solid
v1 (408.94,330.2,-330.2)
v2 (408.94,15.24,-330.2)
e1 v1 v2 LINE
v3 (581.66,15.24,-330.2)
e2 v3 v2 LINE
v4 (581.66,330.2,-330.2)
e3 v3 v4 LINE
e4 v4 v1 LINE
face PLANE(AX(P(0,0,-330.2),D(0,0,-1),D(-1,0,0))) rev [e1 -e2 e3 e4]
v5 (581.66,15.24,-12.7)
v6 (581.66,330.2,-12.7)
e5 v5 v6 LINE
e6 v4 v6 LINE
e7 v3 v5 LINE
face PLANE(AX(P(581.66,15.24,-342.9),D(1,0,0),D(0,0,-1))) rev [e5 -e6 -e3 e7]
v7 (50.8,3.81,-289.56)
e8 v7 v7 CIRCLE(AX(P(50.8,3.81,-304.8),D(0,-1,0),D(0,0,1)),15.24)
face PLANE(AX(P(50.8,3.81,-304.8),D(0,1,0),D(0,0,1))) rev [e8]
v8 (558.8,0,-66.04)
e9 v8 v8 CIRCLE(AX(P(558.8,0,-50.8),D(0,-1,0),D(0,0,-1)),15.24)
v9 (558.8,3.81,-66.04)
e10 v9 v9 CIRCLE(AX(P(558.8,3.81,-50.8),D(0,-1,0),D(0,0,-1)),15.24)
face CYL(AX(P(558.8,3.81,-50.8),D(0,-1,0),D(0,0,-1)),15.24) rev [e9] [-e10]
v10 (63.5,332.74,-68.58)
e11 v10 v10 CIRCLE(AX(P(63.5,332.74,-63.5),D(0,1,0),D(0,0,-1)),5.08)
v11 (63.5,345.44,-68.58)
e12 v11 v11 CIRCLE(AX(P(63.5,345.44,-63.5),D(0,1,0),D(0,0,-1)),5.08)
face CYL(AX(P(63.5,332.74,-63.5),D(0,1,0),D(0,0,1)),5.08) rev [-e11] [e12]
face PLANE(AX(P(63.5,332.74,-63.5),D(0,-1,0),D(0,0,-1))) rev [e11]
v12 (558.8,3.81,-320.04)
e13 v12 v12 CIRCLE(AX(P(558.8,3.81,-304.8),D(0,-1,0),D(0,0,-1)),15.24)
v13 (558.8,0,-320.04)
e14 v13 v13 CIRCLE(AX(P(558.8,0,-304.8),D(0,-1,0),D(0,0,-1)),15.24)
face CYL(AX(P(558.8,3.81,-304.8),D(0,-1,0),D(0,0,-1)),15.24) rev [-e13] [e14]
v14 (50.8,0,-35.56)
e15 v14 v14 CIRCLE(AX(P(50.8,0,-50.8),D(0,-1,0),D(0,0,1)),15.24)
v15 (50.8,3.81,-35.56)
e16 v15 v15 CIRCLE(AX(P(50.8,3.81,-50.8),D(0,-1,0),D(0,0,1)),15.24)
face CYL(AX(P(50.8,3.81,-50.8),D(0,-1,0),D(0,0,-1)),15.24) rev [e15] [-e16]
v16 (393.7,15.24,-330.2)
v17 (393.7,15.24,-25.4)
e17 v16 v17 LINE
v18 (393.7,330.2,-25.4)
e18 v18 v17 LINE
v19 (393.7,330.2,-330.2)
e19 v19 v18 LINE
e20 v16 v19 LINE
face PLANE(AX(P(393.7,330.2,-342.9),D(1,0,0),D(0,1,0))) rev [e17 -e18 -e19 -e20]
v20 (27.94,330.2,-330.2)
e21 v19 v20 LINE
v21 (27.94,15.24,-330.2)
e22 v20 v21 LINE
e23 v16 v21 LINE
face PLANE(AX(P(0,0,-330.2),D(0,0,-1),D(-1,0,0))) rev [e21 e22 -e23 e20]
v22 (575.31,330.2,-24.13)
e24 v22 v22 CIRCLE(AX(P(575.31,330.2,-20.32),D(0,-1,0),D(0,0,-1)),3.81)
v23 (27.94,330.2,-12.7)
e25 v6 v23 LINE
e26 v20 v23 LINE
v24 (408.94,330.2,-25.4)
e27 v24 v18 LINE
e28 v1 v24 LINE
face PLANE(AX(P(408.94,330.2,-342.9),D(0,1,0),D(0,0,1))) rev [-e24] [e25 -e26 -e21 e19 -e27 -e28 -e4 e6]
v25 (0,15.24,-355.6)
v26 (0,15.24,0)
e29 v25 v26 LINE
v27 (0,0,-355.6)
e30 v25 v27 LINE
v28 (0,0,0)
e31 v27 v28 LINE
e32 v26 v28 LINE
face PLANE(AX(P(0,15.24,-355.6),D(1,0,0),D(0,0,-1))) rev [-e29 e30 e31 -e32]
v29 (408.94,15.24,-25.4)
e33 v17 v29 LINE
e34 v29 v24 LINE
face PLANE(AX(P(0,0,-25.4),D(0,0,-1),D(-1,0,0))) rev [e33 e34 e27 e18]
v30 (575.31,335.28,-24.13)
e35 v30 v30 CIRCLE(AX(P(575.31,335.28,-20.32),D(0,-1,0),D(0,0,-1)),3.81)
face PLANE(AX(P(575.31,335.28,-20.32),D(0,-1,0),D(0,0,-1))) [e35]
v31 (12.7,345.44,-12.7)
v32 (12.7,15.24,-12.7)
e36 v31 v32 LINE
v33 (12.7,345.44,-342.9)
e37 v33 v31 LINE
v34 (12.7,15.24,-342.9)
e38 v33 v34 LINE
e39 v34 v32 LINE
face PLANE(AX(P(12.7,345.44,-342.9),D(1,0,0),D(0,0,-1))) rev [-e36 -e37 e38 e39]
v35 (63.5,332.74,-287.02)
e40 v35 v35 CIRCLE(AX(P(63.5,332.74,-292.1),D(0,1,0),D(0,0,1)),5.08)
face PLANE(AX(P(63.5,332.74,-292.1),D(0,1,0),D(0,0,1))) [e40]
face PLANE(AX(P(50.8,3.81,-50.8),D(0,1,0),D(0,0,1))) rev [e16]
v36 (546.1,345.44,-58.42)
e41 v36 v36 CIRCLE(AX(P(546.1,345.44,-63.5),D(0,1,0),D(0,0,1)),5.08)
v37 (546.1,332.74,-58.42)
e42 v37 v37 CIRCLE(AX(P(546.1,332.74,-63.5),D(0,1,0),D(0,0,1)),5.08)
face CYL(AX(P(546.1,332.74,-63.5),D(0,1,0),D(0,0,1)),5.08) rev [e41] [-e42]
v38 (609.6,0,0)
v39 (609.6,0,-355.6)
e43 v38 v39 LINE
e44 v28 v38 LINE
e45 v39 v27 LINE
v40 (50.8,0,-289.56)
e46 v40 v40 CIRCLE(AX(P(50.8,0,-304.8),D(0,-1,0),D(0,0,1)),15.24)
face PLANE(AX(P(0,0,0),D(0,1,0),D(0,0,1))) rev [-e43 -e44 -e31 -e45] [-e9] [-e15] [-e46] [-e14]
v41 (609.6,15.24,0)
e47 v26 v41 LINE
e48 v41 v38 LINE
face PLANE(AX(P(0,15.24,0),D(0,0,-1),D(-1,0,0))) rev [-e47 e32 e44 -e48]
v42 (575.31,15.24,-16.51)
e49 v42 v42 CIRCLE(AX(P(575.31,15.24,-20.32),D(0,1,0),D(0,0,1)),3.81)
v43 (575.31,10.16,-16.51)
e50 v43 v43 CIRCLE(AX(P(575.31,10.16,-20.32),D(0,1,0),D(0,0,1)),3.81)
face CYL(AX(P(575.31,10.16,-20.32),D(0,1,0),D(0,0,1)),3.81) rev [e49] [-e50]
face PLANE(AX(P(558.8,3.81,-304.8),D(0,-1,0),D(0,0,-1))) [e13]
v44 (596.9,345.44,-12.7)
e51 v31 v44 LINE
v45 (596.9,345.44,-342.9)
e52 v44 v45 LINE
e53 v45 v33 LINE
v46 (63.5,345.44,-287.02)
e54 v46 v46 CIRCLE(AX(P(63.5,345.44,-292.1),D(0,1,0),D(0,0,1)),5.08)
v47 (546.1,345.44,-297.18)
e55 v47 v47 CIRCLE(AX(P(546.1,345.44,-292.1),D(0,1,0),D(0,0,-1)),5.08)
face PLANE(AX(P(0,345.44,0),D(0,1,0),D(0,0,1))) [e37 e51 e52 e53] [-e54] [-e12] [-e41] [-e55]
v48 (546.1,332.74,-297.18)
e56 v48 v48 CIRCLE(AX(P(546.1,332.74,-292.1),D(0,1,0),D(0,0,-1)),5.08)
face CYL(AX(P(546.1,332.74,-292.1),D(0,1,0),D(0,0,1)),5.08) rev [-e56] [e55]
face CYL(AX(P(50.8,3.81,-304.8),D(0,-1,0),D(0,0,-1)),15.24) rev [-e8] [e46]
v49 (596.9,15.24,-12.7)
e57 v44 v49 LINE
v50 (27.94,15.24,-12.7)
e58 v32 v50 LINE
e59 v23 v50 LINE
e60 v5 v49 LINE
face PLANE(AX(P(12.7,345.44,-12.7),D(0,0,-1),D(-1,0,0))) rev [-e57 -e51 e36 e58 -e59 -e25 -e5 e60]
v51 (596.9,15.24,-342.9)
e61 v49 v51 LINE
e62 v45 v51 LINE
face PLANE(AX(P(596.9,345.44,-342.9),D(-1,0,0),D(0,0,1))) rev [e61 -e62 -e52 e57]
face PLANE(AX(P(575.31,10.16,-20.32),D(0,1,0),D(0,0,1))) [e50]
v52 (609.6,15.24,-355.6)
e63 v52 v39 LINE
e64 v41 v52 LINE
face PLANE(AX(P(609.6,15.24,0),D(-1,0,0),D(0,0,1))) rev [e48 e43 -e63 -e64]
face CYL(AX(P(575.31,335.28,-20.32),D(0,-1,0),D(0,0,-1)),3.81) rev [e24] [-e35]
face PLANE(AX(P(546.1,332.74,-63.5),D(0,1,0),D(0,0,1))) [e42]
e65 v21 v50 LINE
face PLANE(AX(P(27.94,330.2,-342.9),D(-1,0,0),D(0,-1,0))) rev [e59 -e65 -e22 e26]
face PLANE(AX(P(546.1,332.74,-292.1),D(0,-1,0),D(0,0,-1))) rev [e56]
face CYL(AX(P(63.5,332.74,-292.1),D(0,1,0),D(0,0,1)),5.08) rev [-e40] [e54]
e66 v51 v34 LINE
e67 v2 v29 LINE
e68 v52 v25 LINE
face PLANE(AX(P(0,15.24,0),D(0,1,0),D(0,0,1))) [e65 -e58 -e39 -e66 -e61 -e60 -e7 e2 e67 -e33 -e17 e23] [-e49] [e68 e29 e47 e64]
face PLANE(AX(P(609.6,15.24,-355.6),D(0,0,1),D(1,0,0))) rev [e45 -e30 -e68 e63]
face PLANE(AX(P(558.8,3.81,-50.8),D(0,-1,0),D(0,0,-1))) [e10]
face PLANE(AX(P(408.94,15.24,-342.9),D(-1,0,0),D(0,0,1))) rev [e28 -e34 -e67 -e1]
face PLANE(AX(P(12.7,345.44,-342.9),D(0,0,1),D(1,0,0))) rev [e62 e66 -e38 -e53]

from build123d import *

# Parameters (mm, degrees)
SKETCH1_W           = 609.6
SKETCH1_H           = 355.6
BOSS_EXTRUDE1_DEPTH = 15.24
SKETCH2_R           = 15.24
CUT_EXTRUDE1_DEPTH  = 3.81
SKETCH3_W           = 584.2
SKETCH3_H           = 330.2
BOSS_EXTRUDE2_DEPTH = 330.2
SKETCH4_W           = 172.72
SKETCH4_H           = 314.96
SKETCH4_W_2         = 365.76
CUT_EXTRUDE2_DEPTH  = 330.2
SKETCH6_W           = 15.24
SKETCH6_H           = 314.96
CUT_EXTRUDE4_DEPTH  = 12.7
SKETCH8_W           = 584.2
SKETCH8_H           = 330.2
BOSS_EXTRUDE4_DEPTH = 12.7
SKETCH11_R          = 3.81
CUT_EXTRUDE5_DEPTH  = 5.08
SKETCH12_R          = 3.81
CUT_EXTRUDE6_DEPTH  = 5.08
SKETCH13_R          = 5.08
CUT_EXTRUDE7_DEPTH  = 12.7


with BuildPart() as part:
    # Sketch1 → Boss-Extrude1 (new body)
    with BuildSketch(Plane(origin=(0, 0, 0), x_dir=(1, 0, 0), z_dir=(0, 1, 0))):
        with Locations((304.8, 177.8)):
            Rectangle(SKETCH1_W, SKETCH1_H)
    extrude(amount=BOSS_EXTRUDE1_DEPTH)

    # Sketch2 → Cut-Extrude1 (cut)
    with BuildSketch(Plane(origin=(0, 0, 0), x_dir=(-1, 0, 0), z_dir=(0, -1, 0))):
        with Locations((-558.8, 50.8)):
            Circle(SKETCH2_R)
        with Locations((-558.8, 304.8)):
            Circle(SKETCH2_R)
        with Locations((-50.8, 50.8)):
            Circle(SKETCH2_R)
        with Locations((-50.8, 304.8)):
            Circle(SKETCH2_R)
    extrude(amount=-CUT_EXTRUDE1_DEPTH, mode=Mode.SUBTRACT)

    # Sketch3 → Boss-Extrude2 (add)
    with BuildSketch(Plane(origin=(0, 15.24, 0), x_dir=(1, 0, 0), z_dir=(0, 1, 0))):
        with Locations((304.8, 177.8)):
            Rectangle(SKETCH3_W, SKETCH3_H)
    extrude(amount=BOSS_EXTRUDE2_DEPTH)

    # Sketch4 → Cut-Extrude2 (cut)
    with BuildSketch(Plane.XY.offset(-12.7)):
        with Locations((495.3, 172.72)):
            Rectangle(SKETCH4_W, SKETCH4_H)
        with Locations((210.82, 172.72)):
            Rectangle(SKETCH4_W_2, SKETCH4_H)
    extrude(amount=-CUT_EXTRUDE2_DEPTH, mode=Mode.SUBTRACT)

    # Sketch6 → Cut-Extrude4 (cut)
    with BuildSketch(Plane.XY.offset(-12.7)):
        with Locations((401.32, 172.72)):
            Rectangle(SKETCH6_W, SKETCH6_H)
    extrude(amount=-CUT_EXTRUDE4_DEPTH, mode=Mode.SUBTRACT)

    # Sketch8 → Boss-Extrude4 (add)
    with BuildSketch(Plane(origin=(0, 0, -342.9), x_dir=(-1, 0, 0), z_dir=(0, 0, -1))):
        with Locations((-304.8, 180.34)):
            Rectangle(SKETCH8_W, SKETCH8_H)
    extrude(amount=-BOSS_EXTRUDE4_DEPTH)

    # Sketch11 → Cut-Extrude5 (cut)
    with BuildSketch(Plane(origin=(0, 15.24, 0), x_dir=(1, 0, 0), z_dir=(0, 1, 0))):
        with Locations((575.31, 20.32)):
            Circle(SKETCH11_R)
    extrude(amount=-CUT_EXTRUDE5_DEPTH, mode=Mode.SUBTRACT)

    # Sketch12 → Cut-Extrude6 (cut)
    with BuildSketch(Plane(origin=(0, 330.2, 0), x_dir=(-1, 0, 0), z_dir=(0, -1, 0))):
        with Locations((-575.31, 20.32)):
            Circle(SKETCH12_R)
    extrude(amount=-CUT_EXTRUDE6_DEPTH, mode=Mode.SUBTRACT)

    # Sketch13 → Cut-Extrude7 (cut)
    with BuildSketch(Plane(origin=(0, 345.44, 0), x_dir=(-1, 0, 0), z_dir=(0, 1, 0))):
        with Locations((-546.1, -63.5)):
            Circle(SKETCH13_R)
        with Locations((-63.5, -63.5)):
            Circle(SKETCH13_R)
        with Locations((-63.5, -292.1)):
            Circle(SKETCH13_R)
        with Locations((-546.1, -292.1)):
            Circle(SKETCH13_R)
    extrude(amount=-CUT_EXTRUDE7_DEPTH, mode=Mode.SUBTRACT)


solid = part.part
